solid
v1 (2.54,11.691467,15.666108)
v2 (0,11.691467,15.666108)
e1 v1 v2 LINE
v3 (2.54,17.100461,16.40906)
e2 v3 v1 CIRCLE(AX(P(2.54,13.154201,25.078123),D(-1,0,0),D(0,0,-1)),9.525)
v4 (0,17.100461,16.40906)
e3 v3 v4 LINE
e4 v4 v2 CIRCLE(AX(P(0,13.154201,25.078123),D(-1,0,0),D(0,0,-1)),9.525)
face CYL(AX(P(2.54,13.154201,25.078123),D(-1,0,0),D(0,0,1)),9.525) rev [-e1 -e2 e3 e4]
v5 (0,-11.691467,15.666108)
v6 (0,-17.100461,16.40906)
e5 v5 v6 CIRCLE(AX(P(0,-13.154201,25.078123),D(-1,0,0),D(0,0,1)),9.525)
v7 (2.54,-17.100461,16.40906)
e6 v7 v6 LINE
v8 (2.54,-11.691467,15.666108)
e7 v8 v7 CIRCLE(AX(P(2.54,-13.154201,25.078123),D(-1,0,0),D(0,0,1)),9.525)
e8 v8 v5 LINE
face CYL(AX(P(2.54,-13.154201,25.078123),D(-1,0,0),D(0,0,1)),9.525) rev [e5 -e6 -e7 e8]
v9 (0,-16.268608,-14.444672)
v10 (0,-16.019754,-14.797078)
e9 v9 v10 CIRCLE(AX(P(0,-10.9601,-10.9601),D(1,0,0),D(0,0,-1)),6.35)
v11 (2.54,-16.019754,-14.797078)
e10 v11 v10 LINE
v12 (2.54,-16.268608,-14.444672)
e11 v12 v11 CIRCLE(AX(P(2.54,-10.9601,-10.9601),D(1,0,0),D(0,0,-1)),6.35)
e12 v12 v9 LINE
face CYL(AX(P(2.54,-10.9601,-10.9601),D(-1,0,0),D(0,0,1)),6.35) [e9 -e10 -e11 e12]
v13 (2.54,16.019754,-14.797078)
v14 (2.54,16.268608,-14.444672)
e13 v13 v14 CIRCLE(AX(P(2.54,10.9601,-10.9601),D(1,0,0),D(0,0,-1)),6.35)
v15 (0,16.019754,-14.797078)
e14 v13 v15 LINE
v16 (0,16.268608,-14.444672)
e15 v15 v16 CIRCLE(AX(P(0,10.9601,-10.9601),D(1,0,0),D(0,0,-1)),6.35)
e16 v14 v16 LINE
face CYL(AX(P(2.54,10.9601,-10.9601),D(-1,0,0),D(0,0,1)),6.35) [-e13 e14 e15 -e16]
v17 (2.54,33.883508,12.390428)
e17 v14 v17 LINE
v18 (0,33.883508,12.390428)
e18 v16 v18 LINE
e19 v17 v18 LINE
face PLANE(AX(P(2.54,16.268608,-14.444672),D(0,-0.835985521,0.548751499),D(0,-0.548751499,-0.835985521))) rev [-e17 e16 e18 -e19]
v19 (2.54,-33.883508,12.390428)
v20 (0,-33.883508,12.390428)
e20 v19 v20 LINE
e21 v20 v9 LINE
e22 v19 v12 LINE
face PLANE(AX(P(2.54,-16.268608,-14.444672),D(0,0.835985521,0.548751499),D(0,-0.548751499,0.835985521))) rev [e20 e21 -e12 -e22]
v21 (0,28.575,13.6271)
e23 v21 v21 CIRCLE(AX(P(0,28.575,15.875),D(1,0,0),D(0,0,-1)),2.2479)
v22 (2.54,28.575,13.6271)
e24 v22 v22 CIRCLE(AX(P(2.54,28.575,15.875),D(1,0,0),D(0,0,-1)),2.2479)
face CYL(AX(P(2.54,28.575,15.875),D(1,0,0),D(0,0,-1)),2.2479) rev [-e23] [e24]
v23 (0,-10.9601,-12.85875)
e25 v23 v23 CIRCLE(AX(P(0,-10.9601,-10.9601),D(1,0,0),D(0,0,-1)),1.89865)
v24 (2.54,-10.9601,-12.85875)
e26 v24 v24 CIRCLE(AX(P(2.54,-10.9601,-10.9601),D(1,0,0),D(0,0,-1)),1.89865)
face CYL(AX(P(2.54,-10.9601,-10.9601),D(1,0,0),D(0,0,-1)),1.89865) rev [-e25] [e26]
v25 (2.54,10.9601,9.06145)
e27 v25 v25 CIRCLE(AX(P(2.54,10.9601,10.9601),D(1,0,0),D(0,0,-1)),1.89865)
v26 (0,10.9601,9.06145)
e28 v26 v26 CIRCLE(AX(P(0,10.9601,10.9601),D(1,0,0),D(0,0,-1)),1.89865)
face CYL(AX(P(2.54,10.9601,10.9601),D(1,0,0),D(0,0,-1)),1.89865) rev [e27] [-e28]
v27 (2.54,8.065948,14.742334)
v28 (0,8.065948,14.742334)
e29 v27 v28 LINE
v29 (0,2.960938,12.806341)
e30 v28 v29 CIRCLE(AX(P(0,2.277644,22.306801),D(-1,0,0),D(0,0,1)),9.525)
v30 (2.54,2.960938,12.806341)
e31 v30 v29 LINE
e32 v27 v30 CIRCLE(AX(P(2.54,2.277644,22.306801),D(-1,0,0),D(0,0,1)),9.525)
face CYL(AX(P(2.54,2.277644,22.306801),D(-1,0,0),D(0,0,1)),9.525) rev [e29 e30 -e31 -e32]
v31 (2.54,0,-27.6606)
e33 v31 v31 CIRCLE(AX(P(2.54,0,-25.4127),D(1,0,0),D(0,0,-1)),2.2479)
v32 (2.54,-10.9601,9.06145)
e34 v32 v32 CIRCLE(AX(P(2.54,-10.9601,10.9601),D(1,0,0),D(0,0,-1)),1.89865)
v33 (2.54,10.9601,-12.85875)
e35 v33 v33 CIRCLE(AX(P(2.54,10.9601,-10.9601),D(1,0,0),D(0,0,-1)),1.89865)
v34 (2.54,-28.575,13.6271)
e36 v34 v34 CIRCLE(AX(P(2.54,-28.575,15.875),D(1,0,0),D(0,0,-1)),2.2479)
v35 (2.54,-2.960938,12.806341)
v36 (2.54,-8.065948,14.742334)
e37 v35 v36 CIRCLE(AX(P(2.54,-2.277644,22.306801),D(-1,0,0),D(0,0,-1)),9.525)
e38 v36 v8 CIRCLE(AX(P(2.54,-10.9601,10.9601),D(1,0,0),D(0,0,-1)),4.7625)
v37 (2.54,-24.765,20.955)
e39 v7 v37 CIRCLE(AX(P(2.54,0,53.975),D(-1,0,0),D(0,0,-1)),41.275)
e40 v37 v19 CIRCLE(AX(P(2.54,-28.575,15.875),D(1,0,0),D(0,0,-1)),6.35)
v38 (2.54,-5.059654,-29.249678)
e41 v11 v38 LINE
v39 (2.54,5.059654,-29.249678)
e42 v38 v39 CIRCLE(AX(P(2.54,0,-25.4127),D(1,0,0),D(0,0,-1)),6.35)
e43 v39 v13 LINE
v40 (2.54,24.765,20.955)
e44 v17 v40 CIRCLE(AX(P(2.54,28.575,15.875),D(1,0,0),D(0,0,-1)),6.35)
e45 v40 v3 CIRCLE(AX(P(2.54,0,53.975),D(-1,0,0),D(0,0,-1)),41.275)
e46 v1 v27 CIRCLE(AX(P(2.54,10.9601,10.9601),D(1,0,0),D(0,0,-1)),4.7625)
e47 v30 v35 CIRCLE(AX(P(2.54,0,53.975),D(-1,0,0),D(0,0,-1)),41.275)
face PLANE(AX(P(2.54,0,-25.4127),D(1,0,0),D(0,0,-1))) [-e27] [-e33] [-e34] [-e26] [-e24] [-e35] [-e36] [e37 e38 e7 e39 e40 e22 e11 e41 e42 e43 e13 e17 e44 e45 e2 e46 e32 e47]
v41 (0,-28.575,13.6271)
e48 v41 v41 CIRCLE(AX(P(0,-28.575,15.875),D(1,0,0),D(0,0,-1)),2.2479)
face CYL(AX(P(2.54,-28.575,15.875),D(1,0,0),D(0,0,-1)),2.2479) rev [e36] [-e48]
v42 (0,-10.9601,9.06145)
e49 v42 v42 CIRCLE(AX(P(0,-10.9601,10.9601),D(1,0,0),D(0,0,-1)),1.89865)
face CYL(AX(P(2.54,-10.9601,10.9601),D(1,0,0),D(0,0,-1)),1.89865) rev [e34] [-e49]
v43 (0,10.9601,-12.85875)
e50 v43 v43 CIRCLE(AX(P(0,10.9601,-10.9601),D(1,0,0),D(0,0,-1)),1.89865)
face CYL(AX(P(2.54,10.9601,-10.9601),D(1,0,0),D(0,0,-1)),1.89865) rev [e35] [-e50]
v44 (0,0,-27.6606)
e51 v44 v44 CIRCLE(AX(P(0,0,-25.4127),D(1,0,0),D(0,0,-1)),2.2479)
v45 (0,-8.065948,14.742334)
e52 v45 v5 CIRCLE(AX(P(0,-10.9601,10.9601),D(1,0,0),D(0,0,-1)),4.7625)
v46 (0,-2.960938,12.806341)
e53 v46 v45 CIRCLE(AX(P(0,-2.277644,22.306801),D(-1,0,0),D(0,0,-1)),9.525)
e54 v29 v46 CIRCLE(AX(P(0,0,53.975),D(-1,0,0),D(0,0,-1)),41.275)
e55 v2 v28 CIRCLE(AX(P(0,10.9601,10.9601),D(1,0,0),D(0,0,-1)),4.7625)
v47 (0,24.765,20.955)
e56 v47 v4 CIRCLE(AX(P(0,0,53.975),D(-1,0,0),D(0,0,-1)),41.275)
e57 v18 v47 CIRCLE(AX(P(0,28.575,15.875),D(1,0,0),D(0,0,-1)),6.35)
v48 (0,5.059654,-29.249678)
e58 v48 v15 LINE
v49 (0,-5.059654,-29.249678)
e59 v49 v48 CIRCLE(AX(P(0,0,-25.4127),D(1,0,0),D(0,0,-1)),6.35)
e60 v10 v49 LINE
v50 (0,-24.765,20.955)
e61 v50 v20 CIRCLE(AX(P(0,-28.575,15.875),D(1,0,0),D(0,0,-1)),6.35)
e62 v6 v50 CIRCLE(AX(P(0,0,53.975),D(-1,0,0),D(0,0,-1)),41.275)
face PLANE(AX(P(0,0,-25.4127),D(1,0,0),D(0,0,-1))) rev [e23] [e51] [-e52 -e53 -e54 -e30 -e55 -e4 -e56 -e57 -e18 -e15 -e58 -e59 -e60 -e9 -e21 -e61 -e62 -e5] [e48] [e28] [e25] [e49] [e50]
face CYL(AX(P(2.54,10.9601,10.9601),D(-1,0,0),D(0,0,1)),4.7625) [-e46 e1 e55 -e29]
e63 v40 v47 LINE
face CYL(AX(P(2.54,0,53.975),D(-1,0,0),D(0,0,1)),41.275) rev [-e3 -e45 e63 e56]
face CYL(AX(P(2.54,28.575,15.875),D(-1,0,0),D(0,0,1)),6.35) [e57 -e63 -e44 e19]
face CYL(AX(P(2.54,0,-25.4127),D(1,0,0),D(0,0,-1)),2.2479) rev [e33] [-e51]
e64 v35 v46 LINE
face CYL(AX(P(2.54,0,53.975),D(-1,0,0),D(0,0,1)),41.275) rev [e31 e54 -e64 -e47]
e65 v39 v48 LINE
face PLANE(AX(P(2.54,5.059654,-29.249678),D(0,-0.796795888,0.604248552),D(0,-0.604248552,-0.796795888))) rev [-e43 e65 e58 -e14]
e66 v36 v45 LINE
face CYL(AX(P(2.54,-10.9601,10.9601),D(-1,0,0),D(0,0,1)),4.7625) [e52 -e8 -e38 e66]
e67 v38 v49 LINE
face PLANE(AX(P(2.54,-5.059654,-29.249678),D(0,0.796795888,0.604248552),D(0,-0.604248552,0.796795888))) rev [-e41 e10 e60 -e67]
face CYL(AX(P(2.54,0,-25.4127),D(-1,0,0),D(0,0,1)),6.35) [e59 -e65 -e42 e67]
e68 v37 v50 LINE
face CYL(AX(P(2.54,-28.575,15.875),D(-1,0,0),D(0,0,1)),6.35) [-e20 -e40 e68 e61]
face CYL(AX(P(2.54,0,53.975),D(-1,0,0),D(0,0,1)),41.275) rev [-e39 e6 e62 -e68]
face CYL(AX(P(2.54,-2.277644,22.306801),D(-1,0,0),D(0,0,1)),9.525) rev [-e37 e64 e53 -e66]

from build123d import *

# Parameters (mm, degrees)
BOSS_EXTRUDE1_DEPTH   = 2.54
F_8_CLEARANCE_HOLE1_D = 4.4958
F_6_CLEARANCE_HOLE1_D = 3.7973


with BuildPart() as part:
    # Sketch1 → Boss-Extrude1 (new body)
    with BuildSketch(Plane(origin=(0, 0, 0), x_dir=(0, 0, -1), z_dir=(1, 0, 0))):
        with BuildLine():
            Line((29.249678303, 5.059653892), (14.797078303, 16.019753892))
            ThreePointArc((14.797078303, 16.019753892), (14.622989145, 16.14717462), (14.444672021, 16.268608061))
            Line((14.444672021, 16.268608061), (-12.390427979, 33.883508061))
            ThreePointArc((-12.390427979, 33.883508061), (-20.503514332, 32.92233885), (-20.955, 24.765))
            ThreePointArc((-20.955, 24.765), (-18.474577219, 21.05577373), (-16.409060049, 17.100461415))
            ThreePointArc((-16.409060049, 17.100461415), (-15.641722595, 14.450337743), (-15.666107705, 11.691467029))
            ThreePointArc((-15.666107705, 11.691467029), (-15.575146808, 9.784196429), (-14.742333624, 8.065948127))
            ThreePointArc((-14.742333624, 8.065948127), (-13.400723388, 5.655129962), (-12.806341132, 2.960937694))
            ThreePointArc((-12.806341132, 2.960937694), (-12.7, 0), (-12.806341132, -2.960937694))
            ThreePointArc((-12.806341132, -2.960937694), (-13.400723388, -5.655129962), (-14.742333624, -8.065948127))
            ThreePointArc((-14.742333624, -8.065948127), (-15.575146808, -9.784196429), (-15.666107705, -11.691467029))
            ThreePointArc((-15.666107705, -11.691467029), (-15.641722595, -14.450337743), (-16.409060049, -17.100461415))
            ThreePointArc((-16.409060049, -17.100461415), (-18.474577219, -21.05577373), (-20.955, -24.765))
            ThreePointArc((-20.955, -24.765), (-20.503514332, -32.92233885), (-12.390427979, -33.883508061))
            Line((-12.390427979, -33.883508061), (14.444672021, -16.268608061))
            ThreePointArc((14.444672021, -16.268608061), (14.622989145, -16.14717462), (14.797078303, -16.019753892))
            Line((14.797078303, -16.019753892), (29.249678303, -5.059653892))
            ThreePointArc((29.249678303, -5.059653892), (31.7627, 0), (29.249678303, 5.059653892))
        make_face()
    extrude(amount=BOSS_EXTRUDE1_DEPTH)

    # #8 Clearance Hole1 (through all)
    with Locations(Plane(origin=(2.54, 0, 0), x_dir=(0, 0, -1), z_dir=(1, 0, 0))):
        with Locations((-15.875, 28.575), (25.4127, 0), (-15.875, -28.575)):
            Hole(F_8_CLEARANCE_HOLE1_D / 2)

    # #6 Clearance Hole1 (through all)
    with Locations(Plane(origin=(2.54, 0, 0), x_dir=(0, 0, -1), z_dir=(1, 0, 0))):
        with Locations((-10.9601, 10.9601), (10.9601, 10.9601), (-10.9601, -10.9601), (10.9601, -10.9601)):
            Hole(F_6_CLEARANCE_HOLE1_D / 2)


solid = part.part
